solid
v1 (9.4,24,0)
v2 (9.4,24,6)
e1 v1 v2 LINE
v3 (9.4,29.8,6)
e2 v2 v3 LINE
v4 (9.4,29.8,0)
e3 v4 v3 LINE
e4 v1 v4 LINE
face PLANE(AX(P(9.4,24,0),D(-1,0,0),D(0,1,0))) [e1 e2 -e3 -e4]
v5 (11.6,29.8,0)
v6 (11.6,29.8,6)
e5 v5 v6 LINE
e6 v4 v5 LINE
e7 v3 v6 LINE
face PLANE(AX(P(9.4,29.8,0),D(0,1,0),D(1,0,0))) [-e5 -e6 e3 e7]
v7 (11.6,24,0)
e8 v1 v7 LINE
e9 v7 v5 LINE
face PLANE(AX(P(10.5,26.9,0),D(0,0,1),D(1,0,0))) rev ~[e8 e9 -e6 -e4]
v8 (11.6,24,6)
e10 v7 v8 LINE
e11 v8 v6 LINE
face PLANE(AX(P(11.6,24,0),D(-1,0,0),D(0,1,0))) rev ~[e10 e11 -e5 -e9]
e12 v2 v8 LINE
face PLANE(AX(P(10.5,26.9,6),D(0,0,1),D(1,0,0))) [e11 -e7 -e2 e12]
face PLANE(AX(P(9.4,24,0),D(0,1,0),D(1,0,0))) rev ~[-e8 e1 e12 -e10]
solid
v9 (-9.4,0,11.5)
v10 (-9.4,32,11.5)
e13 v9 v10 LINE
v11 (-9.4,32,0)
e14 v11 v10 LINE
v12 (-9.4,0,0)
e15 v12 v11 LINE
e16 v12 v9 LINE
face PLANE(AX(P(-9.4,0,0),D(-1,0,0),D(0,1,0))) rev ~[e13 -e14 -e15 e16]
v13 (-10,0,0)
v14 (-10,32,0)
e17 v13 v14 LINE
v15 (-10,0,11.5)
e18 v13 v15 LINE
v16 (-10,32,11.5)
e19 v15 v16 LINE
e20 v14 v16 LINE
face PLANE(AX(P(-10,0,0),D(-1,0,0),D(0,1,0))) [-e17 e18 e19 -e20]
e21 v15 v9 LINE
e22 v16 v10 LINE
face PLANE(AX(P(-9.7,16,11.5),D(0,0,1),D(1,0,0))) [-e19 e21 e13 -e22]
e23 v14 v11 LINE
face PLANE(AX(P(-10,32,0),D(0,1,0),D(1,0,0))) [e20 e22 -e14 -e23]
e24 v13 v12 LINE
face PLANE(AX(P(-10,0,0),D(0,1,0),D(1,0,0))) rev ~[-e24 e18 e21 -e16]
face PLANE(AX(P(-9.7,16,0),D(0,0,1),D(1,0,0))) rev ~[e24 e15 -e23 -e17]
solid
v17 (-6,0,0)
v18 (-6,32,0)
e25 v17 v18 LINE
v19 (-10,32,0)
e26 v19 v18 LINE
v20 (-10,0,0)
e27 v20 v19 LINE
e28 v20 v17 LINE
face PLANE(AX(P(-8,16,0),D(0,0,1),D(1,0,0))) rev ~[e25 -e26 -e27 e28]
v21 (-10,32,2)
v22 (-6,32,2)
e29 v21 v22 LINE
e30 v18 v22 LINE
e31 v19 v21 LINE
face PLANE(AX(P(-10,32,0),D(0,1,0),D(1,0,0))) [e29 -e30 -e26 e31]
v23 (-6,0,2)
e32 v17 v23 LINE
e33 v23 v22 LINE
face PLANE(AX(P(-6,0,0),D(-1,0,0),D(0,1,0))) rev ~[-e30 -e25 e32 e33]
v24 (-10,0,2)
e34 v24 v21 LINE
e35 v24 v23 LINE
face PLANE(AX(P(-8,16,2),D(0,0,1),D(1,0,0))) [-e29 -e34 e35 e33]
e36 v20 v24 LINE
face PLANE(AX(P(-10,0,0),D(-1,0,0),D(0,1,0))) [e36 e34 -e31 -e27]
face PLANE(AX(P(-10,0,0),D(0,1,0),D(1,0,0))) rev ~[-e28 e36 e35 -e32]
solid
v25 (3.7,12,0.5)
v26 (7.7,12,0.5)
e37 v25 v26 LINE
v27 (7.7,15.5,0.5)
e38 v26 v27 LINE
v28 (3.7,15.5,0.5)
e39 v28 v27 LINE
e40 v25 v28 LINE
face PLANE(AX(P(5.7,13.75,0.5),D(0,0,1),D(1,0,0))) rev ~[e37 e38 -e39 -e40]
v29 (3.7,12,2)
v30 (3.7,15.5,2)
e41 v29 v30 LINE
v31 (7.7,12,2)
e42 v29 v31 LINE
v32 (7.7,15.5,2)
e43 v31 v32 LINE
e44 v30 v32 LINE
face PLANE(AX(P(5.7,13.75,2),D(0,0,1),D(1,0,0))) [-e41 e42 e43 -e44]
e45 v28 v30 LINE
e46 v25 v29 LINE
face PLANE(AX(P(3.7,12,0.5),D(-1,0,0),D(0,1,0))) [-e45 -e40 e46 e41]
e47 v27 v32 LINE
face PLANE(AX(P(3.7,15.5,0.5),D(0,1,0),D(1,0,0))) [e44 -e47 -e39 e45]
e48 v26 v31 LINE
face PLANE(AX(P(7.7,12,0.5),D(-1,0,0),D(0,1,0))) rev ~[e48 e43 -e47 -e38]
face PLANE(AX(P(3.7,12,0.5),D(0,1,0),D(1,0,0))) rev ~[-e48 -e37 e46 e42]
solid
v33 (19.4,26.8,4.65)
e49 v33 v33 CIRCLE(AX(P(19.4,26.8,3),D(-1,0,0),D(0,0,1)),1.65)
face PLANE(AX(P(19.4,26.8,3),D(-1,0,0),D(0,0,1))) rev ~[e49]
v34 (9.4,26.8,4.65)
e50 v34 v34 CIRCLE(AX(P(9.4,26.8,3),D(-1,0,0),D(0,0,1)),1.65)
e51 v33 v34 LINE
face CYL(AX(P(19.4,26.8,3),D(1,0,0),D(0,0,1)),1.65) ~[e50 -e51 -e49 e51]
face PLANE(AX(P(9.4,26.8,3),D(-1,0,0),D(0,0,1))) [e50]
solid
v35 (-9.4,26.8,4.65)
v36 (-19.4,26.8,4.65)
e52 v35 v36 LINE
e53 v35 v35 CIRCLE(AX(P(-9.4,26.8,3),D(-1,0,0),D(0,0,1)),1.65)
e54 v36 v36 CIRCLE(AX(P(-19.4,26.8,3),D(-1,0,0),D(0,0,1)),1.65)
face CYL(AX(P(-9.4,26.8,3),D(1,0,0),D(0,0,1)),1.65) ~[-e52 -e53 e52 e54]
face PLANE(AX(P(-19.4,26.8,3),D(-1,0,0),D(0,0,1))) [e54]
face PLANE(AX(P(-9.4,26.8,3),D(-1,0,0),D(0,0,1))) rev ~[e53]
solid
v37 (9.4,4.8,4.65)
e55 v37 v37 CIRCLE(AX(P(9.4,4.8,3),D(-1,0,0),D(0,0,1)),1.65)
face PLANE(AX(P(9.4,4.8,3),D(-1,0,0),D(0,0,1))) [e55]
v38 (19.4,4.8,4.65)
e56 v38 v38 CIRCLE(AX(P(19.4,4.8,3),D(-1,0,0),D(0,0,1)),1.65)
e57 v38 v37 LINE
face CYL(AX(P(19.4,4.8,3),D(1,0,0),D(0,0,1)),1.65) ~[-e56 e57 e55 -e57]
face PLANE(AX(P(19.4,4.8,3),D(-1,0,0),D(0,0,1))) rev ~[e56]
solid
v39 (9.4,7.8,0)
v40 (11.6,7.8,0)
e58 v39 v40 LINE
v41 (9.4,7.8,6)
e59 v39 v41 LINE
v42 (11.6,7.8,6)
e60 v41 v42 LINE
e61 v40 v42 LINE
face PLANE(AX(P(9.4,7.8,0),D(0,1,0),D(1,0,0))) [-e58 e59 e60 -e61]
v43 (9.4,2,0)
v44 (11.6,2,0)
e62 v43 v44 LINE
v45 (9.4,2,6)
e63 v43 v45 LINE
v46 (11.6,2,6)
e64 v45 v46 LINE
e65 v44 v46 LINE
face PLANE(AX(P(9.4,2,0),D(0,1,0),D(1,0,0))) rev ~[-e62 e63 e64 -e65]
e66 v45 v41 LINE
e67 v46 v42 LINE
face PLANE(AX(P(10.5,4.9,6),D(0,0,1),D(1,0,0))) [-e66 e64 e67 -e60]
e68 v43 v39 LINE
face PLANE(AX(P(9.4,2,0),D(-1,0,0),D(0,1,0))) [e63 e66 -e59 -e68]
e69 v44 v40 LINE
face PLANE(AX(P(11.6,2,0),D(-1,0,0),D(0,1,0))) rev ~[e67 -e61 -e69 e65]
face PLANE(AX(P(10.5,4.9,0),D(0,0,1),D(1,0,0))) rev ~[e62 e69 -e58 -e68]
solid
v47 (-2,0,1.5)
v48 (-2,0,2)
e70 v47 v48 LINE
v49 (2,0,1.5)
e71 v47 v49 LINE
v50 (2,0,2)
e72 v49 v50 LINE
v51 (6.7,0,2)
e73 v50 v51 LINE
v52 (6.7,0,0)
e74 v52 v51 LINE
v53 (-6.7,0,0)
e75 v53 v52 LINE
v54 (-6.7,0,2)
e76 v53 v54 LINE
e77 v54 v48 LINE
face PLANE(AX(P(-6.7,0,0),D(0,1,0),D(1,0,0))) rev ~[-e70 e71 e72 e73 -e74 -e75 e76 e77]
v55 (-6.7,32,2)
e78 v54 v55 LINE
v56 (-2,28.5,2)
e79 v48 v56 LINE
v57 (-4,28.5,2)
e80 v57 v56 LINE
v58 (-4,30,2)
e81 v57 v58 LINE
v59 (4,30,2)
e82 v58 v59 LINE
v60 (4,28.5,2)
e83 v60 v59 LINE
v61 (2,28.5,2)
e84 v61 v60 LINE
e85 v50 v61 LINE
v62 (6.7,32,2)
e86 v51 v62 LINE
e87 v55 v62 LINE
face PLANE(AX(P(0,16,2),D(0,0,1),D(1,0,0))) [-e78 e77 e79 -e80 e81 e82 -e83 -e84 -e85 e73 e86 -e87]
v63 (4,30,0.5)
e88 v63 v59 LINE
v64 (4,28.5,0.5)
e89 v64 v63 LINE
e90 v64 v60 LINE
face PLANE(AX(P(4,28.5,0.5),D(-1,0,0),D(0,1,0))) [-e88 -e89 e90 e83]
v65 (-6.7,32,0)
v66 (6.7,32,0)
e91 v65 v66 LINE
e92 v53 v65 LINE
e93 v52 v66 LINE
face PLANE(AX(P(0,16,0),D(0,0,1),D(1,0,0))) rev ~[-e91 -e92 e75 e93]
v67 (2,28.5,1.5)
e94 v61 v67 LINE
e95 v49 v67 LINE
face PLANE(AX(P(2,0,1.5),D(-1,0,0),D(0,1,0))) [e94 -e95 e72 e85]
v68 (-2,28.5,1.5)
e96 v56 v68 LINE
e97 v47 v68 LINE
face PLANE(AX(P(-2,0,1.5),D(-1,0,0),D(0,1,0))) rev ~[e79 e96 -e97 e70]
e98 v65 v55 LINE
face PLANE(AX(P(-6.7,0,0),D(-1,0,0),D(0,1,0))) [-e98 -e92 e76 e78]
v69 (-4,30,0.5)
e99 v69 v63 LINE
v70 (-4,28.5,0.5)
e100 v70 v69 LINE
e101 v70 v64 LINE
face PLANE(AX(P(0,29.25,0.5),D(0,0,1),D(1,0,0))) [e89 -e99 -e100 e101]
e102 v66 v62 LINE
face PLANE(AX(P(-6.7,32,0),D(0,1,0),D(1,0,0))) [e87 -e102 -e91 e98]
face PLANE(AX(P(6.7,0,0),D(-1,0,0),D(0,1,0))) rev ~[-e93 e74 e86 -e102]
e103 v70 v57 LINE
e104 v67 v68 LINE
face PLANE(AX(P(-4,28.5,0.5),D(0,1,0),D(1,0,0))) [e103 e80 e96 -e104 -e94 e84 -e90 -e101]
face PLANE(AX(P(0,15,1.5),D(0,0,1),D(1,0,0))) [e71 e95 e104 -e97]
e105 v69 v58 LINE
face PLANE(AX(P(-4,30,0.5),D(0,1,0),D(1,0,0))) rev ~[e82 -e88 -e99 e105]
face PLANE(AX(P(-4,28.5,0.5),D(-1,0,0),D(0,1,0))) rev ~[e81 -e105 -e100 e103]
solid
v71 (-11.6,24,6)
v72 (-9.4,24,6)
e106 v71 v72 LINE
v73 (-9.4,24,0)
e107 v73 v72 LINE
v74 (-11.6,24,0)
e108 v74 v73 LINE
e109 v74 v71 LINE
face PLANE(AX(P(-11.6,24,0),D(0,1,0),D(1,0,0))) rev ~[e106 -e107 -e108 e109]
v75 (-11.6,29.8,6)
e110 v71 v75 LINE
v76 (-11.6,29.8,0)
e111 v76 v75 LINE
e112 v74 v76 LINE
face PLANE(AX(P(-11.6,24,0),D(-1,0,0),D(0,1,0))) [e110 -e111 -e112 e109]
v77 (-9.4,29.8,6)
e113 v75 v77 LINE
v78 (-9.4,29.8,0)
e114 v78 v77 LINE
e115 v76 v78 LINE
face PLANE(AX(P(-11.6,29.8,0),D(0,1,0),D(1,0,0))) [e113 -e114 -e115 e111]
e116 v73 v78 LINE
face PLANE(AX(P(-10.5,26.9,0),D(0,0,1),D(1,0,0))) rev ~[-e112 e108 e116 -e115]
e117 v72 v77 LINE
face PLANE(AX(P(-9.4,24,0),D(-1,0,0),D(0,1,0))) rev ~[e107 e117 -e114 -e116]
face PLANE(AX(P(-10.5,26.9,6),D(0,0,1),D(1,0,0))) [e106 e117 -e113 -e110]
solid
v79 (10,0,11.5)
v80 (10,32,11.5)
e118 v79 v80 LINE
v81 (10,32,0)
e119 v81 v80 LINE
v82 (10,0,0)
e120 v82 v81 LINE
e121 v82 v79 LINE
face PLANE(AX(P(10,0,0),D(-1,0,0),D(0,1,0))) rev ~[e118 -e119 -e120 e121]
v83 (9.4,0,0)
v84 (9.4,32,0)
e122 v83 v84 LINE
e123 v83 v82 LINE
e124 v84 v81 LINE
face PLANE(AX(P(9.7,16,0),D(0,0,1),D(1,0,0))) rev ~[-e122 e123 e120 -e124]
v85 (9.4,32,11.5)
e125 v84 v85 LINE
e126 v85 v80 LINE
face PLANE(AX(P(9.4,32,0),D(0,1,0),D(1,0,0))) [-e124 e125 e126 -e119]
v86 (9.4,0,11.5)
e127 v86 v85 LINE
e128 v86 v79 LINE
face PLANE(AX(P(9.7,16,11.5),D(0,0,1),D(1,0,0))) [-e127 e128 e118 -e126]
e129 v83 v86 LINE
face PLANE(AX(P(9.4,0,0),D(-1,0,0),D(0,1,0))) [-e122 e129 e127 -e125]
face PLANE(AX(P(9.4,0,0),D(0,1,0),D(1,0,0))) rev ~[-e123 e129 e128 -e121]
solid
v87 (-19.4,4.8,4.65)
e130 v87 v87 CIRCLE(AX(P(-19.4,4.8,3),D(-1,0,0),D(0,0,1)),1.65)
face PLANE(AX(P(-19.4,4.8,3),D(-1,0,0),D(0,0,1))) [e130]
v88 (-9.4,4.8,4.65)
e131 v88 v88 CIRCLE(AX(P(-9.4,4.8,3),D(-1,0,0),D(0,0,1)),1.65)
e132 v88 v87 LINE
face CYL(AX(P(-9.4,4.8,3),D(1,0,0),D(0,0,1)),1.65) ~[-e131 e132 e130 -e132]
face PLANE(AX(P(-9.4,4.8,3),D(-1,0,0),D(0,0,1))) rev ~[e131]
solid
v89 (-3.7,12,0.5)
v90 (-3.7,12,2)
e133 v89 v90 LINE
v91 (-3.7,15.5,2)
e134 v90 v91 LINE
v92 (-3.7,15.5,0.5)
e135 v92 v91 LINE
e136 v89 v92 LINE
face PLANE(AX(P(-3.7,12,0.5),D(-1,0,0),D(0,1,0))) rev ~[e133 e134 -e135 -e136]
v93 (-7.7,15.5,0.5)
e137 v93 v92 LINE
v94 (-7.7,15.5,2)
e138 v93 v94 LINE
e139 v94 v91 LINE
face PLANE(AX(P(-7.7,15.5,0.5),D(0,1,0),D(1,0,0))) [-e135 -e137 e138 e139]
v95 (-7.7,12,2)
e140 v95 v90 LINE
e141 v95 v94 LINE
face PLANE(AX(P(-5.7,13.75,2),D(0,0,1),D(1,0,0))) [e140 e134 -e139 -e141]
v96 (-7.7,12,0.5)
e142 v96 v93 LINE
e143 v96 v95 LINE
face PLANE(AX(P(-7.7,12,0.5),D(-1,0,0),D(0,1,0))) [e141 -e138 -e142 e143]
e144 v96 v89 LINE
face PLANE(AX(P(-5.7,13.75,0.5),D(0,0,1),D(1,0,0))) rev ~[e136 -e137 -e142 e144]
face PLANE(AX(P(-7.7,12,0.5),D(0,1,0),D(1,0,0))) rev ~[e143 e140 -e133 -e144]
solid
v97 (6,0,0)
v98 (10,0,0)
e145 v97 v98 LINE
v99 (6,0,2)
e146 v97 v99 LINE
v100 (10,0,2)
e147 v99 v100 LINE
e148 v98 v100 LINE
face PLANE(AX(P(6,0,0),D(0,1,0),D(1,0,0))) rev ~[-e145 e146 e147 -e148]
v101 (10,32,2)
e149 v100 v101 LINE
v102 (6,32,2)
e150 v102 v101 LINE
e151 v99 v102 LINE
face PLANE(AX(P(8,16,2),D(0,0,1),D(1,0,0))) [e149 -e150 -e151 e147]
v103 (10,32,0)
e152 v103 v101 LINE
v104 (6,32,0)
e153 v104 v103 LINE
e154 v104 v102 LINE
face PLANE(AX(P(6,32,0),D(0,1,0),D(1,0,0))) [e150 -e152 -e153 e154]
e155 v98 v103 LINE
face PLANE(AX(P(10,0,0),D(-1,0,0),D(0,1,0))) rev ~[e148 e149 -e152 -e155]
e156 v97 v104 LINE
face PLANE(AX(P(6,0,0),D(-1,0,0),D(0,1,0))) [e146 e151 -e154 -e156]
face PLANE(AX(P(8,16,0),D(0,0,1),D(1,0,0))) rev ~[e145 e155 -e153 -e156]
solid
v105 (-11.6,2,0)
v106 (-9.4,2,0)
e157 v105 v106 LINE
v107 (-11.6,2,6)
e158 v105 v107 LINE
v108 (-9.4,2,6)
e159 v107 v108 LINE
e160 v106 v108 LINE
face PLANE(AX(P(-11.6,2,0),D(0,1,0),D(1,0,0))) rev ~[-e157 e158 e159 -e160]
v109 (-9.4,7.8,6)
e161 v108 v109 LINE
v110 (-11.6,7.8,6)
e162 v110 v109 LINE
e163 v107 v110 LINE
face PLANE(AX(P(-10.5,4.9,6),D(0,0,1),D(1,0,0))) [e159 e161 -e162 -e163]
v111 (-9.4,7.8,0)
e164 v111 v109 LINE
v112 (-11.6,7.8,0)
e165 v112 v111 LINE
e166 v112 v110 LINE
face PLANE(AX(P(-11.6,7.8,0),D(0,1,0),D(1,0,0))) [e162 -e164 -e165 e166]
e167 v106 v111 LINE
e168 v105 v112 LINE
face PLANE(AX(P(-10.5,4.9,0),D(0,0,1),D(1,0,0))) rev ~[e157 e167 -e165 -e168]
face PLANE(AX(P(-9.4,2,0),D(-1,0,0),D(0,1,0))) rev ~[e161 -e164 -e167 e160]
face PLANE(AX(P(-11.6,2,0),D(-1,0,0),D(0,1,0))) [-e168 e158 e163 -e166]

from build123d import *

# Parameters (mm, degrees)
BOX004_W          = 8
BOX004_H          = 1.5
BOX004_DEPTH      = 1.5
BOX001_W          = 4
BOX001_H          = 30
BOX001_DEPTH      = 0.5
BOX_W             = 13.4
BOX_H             = 32
BOX_DEPTH         = 2
BOX005_W          = 4
BOX005_H          = 32
BOX005_DEPTH      = 2
BOX006_W          = 4
BOX006_H          = 32
BOX006_DEPTH      = 2
BOX003_W          = 4
BOX003_H          = 3.5
BOX003_DEPTH      = 1.5
BOX002_W          = 4
BOX002_H          = 3.5
BOX002_DEPTH      = 1.5
BOX007_W          = 0.6
BOX007_H          = 32
BOX007_DEPTH      = 11.5
BOX008_W          = 0.6
BOX008_H          = 32
BOX008_DEPTH      = 11.5
BOX009_W          = 2.2
BOX009_H          = 5.8
BOX009_DEPTH      = 6
BOX010_W          = 2.2
BOX010_H          = 5.8
BOX010_DEPTH      = 6
BOX011_W          = 2.2
BOX011_H          = 5.8
BOX011_DEPTH      = 6
BOX012_W          = 2.2
BOX012_H          = 5.8
BOX012_DEPTH      = 6
CYLINDER_R        = 1.65
CYLINDER_DEPTH    = 10
CYLINDER001_R     = 1.65
CYLINDER001_DEPTH = 10
CYLINDER002_R     = 1.65
CYLINDER002_DEPTH = 10
CYLINDER003_R     = 1.65
CYLINDER003_DEPTH = 10


with BuildPart() as cube004:
    # Box004 → Box004 (new body)
    with BuildSketch(Plane(origin=(-4, 28.5, 0.5), x_dir=(1, 0, 0), z_dir=(0, 0, 1))):
        with Locations((4, 0.75)):
            Rectangle(BOX004_W, BOX004_H)
    extrude(amount=BOX004_DEPTH)


with BuildPart() as cube001:
    # Box001 → Box001 (new body)
    with BuildSketch(Plane(origin=(-2, 0, 1.5), x_dir=(1, 0, 0), z_dir=(0, 0, 1))):
        with Locations((2, 15)):
            Rectangle(BOX001_W, BOX001_H)
    extrude(amount=BOX001_DEPTH)


with BuildPart() as cut001:
    # Box → Box (new body)
    with BuildSketch(Plane(origin=(-6.7, 0, 0), x_dir=(1, 0, 0), z_dir=(0, 0, 1))):
        with Locations((6.7, 16)):
            Rectangle(BOX_W, BOX_H)
    extrude(amount=BOX_DEPTH)

    # Cut: cut Cube001
    add(cube001.part, mode=Mode.SUBTRACT)

    # Cut001: cut Cube004
    add(cube004.part, mode=Mode.SUBTRACT)


with BuildPart() as cube005:
    # Box005 → Box005 (new body)
    with BuildSketch(Plane(origin=(-10, 0, 0), x_dir=(1, 0, 0), z_dir=(0, 0, 1))):
        with Locations((2, 16)):
            Rectangle(BOX005_W, BOX005_H)
    extrude(amount=BOX005_DEPTH)


with BuildPart() as cube006:
    # Box006 → Box006 (new body)
    with BuildSketch(Plane(origin=(6, 0, 0), x_dir=(1, 0, 0), z_dir=(0, 0, 1))):
        with Locations((2, 16)):
            Rectangle(BOX006_W, BOX006_H)
    extrude(amount=BOX006_DEPTH)


with BuildPart() as box003:
    # Box003 → Box003 (new body)
    with BuildSketch(Plane(origin=(3.7, 12, 0.5), x_dir=(1, 0, 0), z_dir=(0, 0, 1))):
        with Locations((2, 1.75)):
            Rectangle(BOX003_W, BOX003_H)
    extrude(amount=BOX003_DEPTH)


with BuildPart() as stopper_cut:
    # Box002 → Box002 (new body)
    with BuildSketch(Plane(origin=(-7.7, 12, 0.5), x_dir=(1, 0, 0), z_dir=(0, 0, 1))):
        with Locations((2, 1.75)):
            Rectangle(BOX002_W, BOX002_H)
    extrude(amount=BOX002_DEPTH)

    # Fusion001: union Box003
    add(box003.part)


with BuildPart() as cube007:
    # Box007 → Box007 (new body)
    with BuildSketch(Plane(origin=(-10, 0, 0), x_dir=(1, 0, 0), z_dir=(0, 0, 1))):
        with Locations((0.3, 16)):
            Rectangle(BOX007_W, BOX007_H)
    extrude(amount=BOX007_DEPTH)


with BuildPart() as cube008:
    # Box008 → Box008 (new body)
    with BuildSketch(Plane(origin=(9.4, 0, 0), x_dir=(1, 0, 0), z_dir=(0, 0, 1))):
        with Locations((0.3, 16)):
            Rectangle(BOX008_W, BOX008_H)
    extrude(amount=BOX008_DEPTH)


with BuildPart() as cube009:
    # Box009 → Box009 (new body)
    with BuildSketch(Plane(origin=(-11.6, 2, 0), x_dir=(1, 0, 0), z_dir=(0, 0, 1))):
        with Locations((1.1, 2.9)):
            Rectangle(BOX009_W, BOX009_H)
    extrude(amount=BOX009_DEPTH)


with BuildPart() as cube010:
    # Box010 → Box010 (new body)
    with BuildSketch(Plane(origin=(9.4, 2, 0), x_dir=(1, 0, 0), z_dir=(0, 0, 1))):
        with Locations((1.1, 2.9)):
            Rectangle(BOX010_W, BOX010_H)
    extrude(amount=BOX010_DEPTH)


with BuildPart() as cube011:
    # Box011 → Box011 (new body)
    with BuildSketch(Plane(origin=(-11.6, 24, 0), x_dir=(1, 0, 0), z_dir=(0, 0, 1))):
        with Locations((1.1, 2.9)):
            Rectangle(BOX011_W, BOX011_H)
    extrude(amount=BOX011_DEPTH)


with BuildPart() as cube012:
    # Box012 → Box012 (new body)
    with BuildSketch(Plane(origin=(9.4, 24, 0), x_dir=(1, 0, 0), z_dir=(0, 0, 1))):
        with Locations((1.1, 2.9)):
            Rectangle(BOX012_W, BOX012_H)
    extrude(amount=BOX012_DEPTH)


with BuildPart() as cylinder:
    # Cylinder → Cylinder (new body)
    with BuildSketch(Plane(origin=(-9.4, 4.8, 3), x_dir=(0, 0, 1), z_dir=(-1, 0, 0))):
        Circle(CYLINDER_R)
    extrude(amount=CYLINDER_DEPTH)


with BuildPart() as cylinder001:
    # Cylinder001 → Cylinder001 (new body)
    with BuildSketch(Plane(origin=(19.4, 26.8, 3), x_dir=(0, 0, 1), z_dir=(-1, 0, 0))):
        Circle(CYLINDER001_R)
    extrude(amount=CYLINDER001_DEPTH)


with BuildPart() as cylinder002:
    # Cylinder002 → Cylinder002 (new body)
    with BuildSketch(Plane(origin=(-9.4, 26.8, 3), x_dir=(0, 0, 1), z_dir=(-1, 0, 0))):
        Circle(CYLINDER002_R)
    extrude(amount=CYLINDER002_DEPTH)


with BuildPart() as cylinder003:
    # Cylinder003 → Cylinder003 (new body)
    with BuildSketch(Plane(origin=(19.4, 4.8, 3), x_dir=(0, 0, 1), z_dir=(-1, 0, 0))):
        Circle(CYLINDER003_R)
    extrude(amount=CYLINDER003_DEPTH)


solid = Compound([cut001.part, cube005.part, cube006.part, stopper_cut.part, cube007.part, cube008.part, cube009.part, cube010.part, cube011.part, cube012.part, cylinder.part, cylinder001.part, cylinder002.part, cylinder003.part])
